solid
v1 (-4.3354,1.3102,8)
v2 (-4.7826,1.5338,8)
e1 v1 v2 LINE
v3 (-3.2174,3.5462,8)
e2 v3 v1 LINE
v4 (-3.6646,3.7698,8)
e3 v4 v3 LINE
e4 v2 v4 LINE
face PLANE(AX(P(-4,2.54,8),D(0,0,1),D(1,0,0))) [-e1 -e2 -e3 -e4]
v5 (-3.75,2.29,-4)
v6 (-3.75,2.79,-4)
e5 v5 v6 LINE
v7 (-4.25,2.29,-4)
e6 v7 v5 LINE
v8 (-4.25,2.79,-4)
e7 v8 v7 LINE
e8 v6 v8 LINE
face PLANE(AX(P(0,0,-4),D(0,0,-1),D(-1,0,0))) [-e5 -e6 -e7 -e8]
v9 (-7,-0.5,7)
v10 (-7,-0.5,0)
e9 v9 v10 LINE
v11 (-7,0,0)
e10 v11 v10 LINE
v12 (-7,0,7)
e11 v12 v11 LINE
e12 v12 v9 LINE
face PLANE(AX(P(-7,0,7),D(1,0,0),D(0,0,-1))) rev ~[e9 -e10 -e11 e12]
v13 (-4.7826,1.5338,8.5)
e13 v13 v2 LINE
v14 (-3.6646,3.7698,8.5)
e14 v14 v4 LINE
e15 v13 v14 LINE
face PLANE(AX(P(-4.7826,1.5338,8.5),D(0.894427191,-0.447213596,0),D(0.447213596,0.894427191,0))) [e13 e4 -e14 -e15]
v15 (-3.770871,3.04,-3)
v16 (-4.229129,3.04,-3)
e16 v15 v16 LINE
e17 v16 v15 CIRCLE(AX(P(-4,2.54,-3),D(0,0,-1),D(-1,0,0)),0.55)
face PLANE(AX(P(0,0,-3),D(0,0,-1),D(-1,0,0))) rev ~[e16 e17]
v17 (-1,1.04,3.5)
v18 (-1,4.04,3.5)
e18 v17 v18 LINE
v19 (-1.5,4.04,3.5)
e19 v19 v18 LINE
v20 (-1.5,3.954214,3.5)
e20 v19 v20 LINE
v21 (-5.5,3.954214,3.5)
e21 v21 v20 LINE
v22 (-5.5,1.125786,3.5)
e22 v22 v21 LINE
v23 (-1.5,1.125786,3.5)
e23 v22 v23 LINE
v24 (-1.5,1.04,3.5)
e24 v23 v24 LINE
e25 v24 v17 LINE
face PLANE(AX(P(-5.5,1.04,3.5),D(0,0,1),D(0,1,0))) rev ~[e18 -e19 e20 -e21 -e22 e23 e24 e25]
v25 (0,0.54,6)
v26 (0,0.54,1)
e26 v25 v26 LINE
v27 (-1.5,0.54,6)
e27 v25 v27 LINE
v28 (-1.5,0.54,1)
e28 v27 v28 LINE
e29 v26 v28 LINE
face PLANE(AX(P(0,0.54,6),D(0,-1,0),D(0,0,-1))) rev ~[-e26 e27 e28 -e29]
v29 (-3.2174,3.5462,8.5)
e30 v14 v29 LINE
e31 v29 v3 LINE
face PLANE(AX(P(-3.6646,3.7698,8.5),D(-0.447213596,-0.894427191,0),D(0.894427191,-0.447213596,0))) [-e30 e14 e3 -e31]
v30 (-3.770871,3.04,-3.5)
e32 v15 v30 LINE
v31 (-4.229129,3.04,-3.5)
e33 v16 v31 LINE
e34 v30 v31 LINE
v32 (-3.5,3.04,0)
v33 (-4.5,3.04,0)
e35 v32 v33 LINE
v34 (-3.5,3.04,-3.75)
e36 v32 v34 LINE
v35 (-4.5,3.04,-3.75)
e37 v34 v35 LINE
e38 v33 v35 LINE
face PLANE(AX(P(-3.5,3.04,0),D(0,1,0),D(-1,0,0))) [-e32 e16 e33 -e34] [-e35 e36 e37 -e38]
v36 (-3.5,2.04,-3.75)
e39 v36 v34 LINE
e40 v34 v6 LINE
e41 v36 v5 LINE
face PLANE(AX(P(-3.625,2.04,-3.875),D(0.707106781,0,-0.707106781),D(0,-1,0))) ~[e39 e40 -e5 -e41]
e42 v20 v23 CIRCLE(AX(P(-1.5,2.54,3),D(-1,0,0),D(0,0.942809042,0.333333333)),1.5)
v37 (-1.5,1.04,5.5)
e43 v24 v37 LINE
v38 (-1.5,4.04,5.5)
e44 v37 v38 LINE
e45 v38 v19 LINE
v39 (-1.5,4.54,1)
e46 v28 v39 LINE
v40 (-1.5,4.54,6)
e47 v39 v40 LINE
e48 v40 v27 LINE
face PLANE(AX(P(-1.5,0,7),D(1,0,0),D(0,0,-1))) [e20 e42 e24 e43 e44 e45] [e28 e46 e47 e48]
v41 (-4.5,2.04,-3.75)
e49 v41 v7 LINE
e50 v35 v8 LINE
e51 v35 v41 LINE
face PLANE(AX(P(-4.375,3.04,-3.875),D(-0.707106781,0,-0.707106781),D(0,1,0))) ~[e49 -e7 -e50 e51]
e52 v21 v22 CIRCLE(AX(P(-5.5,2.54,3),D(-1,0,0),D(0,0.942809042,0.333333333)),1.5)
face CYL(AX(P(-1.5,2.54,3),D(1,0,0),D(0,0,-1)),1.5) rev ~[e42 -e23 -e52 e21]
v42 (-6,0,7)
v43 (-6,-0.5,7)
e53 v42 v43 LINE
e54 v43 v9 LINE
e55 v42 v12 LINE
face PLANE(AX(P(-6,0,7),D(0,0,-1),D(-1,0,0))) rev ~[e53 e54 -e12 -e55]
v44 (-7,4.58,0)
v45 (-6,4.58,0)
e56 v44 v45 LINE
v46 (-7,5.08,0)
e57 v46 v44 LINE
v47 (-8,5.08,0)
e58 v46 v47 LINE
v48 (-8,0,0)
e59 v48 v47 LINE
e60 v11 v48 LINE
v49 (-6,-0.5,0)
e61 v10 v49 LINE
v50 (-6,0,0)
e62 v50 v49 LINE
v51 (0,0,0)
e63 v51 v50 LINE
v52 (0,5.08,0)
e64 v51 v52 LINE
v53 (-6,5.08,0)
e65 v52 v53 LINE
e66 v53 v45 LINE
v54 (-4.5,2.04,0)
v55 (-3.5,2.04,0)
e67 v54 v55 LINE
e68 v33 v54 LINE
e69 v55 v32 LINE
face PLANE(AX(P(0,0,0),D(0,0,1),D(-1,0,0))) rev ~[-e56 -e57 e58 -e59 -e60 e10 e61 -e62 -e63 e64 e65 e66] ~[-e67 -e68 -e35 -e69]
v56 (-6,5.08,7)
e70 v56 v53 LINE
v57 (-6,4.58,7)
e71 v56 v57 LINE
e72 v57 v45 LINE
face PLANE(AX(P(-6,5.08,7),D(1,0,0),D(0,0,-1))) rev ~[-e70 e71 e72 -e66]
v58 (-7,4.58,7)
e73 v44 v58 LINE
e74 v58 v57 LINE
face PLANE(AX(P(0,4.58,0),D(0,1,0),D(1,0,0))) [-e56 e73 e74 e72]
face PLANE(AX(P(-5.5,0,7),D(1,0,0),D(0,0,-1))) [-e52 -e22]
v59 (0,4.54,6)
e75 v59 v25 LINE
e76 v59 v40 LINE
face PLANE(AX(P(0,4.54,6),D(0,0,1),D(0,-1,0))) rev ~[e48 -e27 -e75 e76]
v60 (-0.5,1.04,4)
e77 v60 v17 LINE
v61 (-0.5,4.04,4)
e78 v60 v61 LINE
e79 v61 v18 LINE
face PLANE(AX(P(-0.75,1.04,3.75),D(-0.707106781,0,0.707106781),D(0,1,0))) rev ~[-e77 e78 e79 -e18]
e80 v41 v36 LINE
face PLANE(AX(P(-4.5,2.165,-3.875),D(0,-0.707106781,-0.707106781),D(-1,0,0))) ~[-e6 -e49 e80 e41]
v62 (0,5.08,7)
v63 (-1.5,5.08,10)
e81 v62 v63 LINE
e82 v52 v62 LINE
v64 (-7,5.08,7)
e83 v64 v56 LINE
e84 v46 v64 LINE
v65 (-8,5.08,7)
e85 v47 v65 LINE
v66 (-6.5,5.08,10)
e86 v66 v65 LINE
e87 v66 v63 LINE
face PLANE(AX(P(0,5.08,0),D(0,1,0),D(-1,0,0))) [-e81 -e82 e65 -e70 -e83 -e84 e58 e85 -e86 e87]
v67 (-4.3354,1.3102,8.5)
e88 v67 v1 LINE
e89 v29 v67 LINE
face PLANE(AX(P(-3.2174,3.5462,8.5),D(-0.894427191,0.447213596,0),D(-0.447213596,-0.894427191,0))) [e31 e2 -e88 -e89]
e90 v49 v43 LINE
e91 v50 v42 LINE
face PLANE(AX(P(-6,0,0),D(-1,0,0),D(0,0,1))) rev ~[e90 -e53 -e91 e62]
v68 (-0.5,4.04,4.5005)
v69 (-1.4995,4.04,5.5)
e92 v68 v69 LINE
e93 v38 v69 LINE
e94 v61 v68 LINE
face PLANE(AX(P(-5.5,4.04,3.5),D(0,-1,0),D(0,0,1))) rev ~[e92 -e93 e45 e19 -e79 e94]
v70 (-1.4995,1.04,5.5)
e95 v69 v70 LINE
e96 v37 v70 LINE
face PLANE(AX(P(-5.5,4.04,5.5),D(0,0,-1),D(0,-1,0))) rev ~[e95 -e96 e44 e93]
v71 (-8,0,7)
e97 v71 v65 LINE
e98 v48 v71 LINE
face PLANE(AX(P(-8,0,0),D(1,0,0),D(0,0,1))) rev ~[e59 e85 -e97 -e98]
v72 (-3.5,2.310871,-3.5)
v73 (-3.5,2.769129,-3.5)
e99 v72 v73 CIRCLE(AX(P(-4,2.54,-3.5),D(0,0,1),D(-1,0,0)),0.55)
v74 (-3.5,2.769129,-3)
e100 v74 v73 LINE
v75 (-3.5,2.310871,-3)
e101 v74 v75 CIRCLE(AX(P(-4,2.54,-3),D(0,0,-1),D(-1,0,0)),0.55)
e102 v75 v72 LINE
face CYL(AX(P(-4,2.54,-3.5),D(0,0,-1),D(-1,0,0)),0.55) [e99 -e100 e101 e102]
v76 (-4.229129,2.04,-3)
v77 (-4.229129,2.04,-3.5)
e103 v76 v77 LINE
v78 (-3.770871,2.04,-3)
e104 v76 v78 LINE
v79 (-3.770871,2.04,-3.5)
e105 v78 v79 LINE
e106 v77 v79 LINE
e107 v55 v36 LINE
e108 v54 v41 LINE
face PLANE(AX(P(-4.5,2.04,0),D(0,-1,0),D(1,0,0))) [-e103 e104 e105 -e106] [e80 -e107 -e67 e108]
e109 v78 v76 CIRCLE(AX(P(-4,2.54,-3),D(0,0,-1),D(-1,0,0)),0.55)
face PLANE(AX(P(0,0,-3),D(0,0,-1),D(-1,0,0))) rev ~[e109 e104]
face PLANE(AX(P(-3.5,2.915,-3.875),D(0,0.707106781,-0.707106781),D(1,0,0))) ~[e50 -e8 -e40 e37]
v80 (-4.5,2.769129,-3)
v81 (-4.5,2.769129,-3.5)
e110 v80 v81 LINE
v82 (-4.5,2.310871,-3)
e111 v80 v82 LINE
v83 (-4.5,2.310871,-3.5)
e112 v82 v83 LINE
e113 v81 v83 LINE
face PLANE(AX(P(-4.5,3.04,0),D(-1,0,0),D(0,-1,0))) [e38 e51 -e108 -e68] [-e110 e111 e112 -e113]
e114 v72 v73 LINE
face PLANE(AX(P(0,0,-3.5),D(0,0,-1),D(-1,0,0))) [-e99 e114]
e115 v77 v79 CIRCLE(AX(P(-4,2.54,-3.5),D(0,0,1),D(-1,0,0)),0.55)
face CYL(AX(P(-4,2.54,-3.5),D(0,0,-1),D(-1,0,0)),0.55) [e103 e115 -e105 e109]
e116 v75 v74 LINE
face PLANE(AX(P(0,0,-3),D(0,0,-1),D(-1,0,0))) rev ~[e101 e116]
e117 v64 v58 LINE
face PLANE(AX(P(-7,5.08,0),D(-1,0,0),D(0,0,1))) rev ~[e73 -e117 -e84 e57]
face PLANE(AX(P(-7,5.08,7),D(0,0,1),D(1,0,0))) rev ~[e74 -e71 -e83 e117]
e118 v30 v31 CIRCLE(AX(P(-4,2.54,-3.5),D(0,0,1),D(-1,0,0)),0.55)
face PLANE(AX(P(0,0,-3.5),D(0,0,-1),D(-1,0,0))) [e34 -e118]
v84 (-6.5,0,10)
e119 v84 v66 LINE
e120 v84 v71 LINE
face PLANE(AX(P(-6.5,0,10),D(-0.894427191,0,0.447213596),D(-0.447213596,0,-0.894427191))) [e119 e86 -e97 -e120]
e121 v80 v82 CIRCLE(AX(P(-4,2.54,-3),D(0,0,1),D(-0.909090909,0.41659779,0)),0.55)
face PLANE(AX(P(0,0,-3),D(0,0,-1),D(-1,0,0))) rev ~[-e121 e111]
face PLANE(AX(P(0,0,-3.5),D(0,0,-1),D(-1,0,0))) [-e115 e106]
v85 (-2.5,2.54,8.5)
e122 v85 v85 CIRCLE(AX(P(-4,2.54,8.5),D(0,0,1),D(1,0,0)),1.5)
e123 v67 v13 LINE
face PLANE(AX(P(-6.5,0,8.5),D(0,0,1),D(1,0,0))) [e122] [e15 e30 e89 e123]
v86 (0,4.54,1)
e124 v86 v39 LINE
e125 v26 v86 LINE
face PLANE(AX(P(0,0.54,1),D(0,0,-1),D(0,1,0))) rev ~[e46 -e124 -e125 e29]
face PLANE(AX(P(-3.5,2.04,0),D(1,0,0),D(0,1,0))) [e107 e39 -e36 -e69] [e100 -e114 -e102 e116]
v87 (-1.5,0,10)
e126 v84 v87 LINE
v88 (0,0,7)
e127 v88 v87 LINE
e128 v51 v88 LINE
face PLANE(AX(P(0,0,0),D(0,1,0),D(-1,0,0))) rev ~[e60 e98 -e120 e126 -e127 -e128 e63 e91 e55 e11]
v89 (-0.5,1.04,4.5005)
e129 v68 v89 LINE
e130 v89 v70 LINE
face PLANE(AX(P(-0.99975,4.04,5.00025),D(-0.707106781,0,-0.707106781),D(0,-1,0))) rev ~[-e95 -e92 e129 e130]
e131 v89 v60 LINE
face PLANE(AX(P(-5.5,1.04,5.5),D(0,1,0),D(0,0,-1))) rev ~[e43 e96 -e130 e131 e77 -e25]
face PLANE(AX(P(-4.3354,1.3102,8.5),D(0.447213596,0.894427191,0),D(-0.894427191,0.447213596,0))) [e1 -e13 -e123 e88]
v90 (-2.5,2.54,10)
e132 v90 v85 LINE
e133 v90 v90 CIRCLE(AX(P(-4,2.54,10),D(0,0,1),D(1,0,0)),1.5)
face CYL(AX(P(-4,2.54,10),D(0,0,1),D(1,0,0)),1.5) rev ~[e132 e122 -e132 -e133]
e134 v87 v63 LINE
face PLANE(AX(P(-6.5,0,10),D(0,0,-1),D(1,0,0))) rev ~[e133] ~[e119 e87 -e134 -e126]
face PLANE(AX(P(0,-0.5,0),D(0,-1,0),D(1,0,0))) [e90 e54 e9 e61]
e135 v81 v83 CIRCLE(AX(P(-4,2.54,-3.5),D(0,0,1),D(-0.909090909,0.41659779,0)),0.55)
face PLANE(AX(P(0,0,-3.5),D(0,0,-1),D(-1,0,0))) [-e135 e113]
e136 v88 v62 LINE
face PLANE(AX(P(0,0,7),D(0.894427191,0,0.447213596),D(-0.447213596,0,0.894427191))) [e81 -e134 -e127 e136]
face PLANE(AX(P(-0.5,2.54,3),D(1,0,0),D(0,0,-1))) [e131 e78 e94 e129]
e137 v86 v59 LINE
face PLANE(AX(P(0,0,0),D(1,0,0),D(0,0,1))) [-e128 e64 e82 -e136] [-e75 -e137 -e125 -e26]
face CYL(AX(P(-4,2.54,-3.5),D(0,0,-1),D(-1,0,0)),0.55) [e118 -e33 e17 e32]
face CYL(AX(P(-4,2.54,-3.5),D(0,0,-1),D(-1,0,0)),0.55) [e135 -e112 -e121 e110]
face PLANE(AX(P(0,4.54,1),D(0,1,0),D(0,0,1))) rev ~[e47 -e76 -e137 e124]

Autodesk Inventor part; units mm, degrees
ref_plane "YZ Plane" through (0, 0, 0) normal (1, 0, 0) x (0, 1, 0)
ref_plane "XZ Plane" through (0, 0, 0) normal (0, 1, 0) x (-1, 0, 0)
sketch "Skizze4" plane through (0, 0, 0) normal (0, 1, 0) x (-1, 0, 0)
  line L0 (0, 0) -> (8, 0)
  line L1 (8, 0) -> (8, 7)
  line L2 (0, 0) -> (0, 7)
  line L3 (6.5, 10) -> (1.5, 10)
  line L4 (0, 7) -> (1.5, 10)
  line L5 (6.5, 10) -> (8, 7)
  dimension "d4" = 8
  dimension "d5" = 5
  dimension "d6" = 10
  dimension "d7" = 1.5
extrude "Extrusion2" add sketch "Skizze4" along normal blind 5.08
sketch "Skizze5" plane through (0, 0, 0) normal (0, -1, 0) x (1, 0, 0)
  line L0 (-7, 0) -> (-6, 0)
  line L1 (-6, 0) -> (-6, 7)
  line L2 (-6, 7) -> (-7, 7)
  line L3 (-7, 7) -> (-7, 0)
  line L4 (0, 0) -> (-8, 0) projected
  line L5 (-8, 0) -> (-8, 7) projected
  dimension "d10" = 7
  dimension "d11" = 1
  dimension "d12" = 1
extrude "Extrusion3" add sketch "Skizze5" along normal blind 0.5
sketch "Skizze6" plane through (0, 5.08, 0) normal (0, 1, 0) x (1, 0, 0)
  line L0 (-7, 0) -> (-7, -7) projected
  line L1 (-7, 0) -> (-6, 0) projected
  line L2 (-6, -7) -> (-6, 0) projected
  line L3 (-7, -7) -> (-6, -7) projected
  line L4 (-6, -7) -> (-7, -7)
  line L5 (-7, -7) -> (-7, 0)
  line L6 (-7, 0) -> (-6, 0)
  line L7 (-6, 0) -> (-6, -7)
  point P0 (0, 0)
extrude "Extrusion4" cut sketch "Skizze6" against normal blind 0.5
sketch "Skizze7" plane through (0, 0, 7) normal (1, 0, 0) x (0, 0, -1)
  line L0 (1, 0.54) -> (6, 0.54)
  line L1 (6, 0.54) -> (6, 4.54)
  line L2 (6, 4.54) -> (1, 4.54)
  line L3 (1, 4.54) -> (1, 0.54)
  line L4 (0, 0) -> (7, 0) projected
  line L5 (7, 0) -> (7, 5.08) projected
  dimension "d17" = 5
  dimension "d18" = 4
  dimension "d19" = 0.54
  dimension "d20" = 1
extrude "Extrusion5" cut sketch "Skizze7" against normal blind 1.5
sketch "Skizze8" plane through (-1.5, 0, 7) normal (1, 0, 0) x (0, 0, -1)
  circle A0 centre (4, 2.54) radius 1.5
  line L0 (1, 4.54) -> (6, 4.54) projected
  line L1 (6, 4.54) -> (6, 0.54) projected
  point P0 (7, 0)
  dimension "d23" = 3
  dimension "d24" = 2
  dimension "d25" = 2
extrude "Extrusion6" cut sketch "Skizze8" against normal blind 4
sketch "Skizze10" plane through (-5.5, 2.54, 3) normal (1, 0, 0) x (0, 0, -1)
  line L0 (-2.5, -1.5) -> (-0.5, -1.5)
  line L1 (-0.5, -1.5) -> (-0.5, 1.5)
  line L2 (-0.5, 1.5) -> (-2.5, 1.5)
  line L3 (-2.5, 1.5) -> (-2.5, -1.5)
  line L4 (2, 2) -> (2, -2) projected
  line L5 (-3, 2) -> (2, 2) projected
  point P0 (3, -2.54)
  dimension "d28" = 2
  dimension "d34" = 2.5
  dimension "d41" = 0.5
  dimension "d42" = 3
extrude "Extrusion7" add sketch "Skizze10" along normal blind 5
chamfer "Fase2" distance 0.5 angle 45 1 edges at (-0.5, 2.54, 3.5)
chamfer "Fase3" distance 1 angle 45 1 edges at (-0.5, 2.54, 5.5)
sketch "Skizze11" plane through (-6.5, 0, 10) normal (0, 0, 1) x (1, 0, 0)
  circle A0 centre (2.5, 2.54) radius 1.5
  line L0 (0, 5.08) -> (5, 5.08) projected
  line L1 (6.5, 0) -> (6.5, 5.08) projected
  line L2 (0, 0) -> (5, 0) projected
  dimension "d43" = 3
  dimension "d45" = 4
  dimension "d54" = 2.54
extrude "Extrusion8" cut sketch "Skizze11" against normal blind 1.5
sketch "Skizze12" plane through (-4, 2.54, 8.5) normal (0, 0, 1) x (1, 0, 0)
  line L0 (0.7826, 1.0062) -> (-0.3354, -1.2298)
  line L1 (-0.3354, -1.2298) -> (-0.7826, -1.0062)
  line L2 (-0.7826, -1.0062) -> (0.3354, 1.2298)
  line L3 (0.3354, 1.2298) -> (0.7826, 1.0062)
  line L4 (-0.3354, -1.2298) -> (0.3354, 1.2298) construction
  line L5 (-0.7826, -1.0062) -> (0.7826, 1.0062) construction
  line L6 (-2.5, 2.54) -> (2.5, 2.54) projected
  line L7 (4, -2.54) -> (4, 2.54) projected
  line L8 (-2.5, -2.54) -> (2.5, -2.54) projected
  point P0 (0, 0)
  point P1 (0, 0)
  point P2 (0, 0)
  dimension "d48" = 2.5
  dimension "d49" = 0.5
  dimension "d51" = 4
  dimension "d55" = 2.54
extrude "Extrusion9" cut sketch "Skizze12" against normal blind 0.5
sketch "Skizze14" plane through (0, 0, 0) normal (0, 0, -1) x (-1, 0, 0)
  line L0 (4.5, 2.04) -> (3.5, 2.04)
  line L1 (3.5, 2.04) -> (3.5, 3.04)
  line L2 (3.5, 3.04) -> (4.5, 3.04)
  line L3 (4.5, 3.04) -> (4.5, 2.04)
  line L4 (0, 0) -> (6, 0) projected
  line L5 (0, 0) -> (0, 5.08) projected
  dimension "d56" = 1
  dimension "d57" = 1
  dimension "d58" = 2.04
  dimension "d59" = 3.5
extrude "Extrusion10" add sketch "Skizze14" along normal blind 4
chamfer "Fase4" distance 0.25 angle 45 4 edges at (-3.5, 2.54, -4) (-4, 2.04, -4) (-4.5, 2.54, -4) (-4, 3.04, -4)
ref_plane "Arbeitsebene1" through (0, 0, -3.5) normal (0, 0, -1) x (-1, 0, 0)
sketch "Skizze15" plane through (0, 0, -3.5) normal (0, 0, -1) x (-1, 0, 0)
  circle A0 centre (4, 2.54) radius 0.55
  line L0 (3.5, 3.04) -> (3.5, 2.04) projected
  line L1 (3.5, 3.04) -> (4.5, 3.04) projected
  point P0 (0, 0)
  dimension "d66" = 1.1
  dimension "d67" = 0.5
  dimension "d68" = 0.5
extrude "Extrusion11" add sketch "Skizze15" against normal blind 0.5 contours A0 L0 L1 | L1 A0 | A0 L0 picked at (4.1108, 2.456)
properties part number "Schraubklemme_Blau_300V_16A"
